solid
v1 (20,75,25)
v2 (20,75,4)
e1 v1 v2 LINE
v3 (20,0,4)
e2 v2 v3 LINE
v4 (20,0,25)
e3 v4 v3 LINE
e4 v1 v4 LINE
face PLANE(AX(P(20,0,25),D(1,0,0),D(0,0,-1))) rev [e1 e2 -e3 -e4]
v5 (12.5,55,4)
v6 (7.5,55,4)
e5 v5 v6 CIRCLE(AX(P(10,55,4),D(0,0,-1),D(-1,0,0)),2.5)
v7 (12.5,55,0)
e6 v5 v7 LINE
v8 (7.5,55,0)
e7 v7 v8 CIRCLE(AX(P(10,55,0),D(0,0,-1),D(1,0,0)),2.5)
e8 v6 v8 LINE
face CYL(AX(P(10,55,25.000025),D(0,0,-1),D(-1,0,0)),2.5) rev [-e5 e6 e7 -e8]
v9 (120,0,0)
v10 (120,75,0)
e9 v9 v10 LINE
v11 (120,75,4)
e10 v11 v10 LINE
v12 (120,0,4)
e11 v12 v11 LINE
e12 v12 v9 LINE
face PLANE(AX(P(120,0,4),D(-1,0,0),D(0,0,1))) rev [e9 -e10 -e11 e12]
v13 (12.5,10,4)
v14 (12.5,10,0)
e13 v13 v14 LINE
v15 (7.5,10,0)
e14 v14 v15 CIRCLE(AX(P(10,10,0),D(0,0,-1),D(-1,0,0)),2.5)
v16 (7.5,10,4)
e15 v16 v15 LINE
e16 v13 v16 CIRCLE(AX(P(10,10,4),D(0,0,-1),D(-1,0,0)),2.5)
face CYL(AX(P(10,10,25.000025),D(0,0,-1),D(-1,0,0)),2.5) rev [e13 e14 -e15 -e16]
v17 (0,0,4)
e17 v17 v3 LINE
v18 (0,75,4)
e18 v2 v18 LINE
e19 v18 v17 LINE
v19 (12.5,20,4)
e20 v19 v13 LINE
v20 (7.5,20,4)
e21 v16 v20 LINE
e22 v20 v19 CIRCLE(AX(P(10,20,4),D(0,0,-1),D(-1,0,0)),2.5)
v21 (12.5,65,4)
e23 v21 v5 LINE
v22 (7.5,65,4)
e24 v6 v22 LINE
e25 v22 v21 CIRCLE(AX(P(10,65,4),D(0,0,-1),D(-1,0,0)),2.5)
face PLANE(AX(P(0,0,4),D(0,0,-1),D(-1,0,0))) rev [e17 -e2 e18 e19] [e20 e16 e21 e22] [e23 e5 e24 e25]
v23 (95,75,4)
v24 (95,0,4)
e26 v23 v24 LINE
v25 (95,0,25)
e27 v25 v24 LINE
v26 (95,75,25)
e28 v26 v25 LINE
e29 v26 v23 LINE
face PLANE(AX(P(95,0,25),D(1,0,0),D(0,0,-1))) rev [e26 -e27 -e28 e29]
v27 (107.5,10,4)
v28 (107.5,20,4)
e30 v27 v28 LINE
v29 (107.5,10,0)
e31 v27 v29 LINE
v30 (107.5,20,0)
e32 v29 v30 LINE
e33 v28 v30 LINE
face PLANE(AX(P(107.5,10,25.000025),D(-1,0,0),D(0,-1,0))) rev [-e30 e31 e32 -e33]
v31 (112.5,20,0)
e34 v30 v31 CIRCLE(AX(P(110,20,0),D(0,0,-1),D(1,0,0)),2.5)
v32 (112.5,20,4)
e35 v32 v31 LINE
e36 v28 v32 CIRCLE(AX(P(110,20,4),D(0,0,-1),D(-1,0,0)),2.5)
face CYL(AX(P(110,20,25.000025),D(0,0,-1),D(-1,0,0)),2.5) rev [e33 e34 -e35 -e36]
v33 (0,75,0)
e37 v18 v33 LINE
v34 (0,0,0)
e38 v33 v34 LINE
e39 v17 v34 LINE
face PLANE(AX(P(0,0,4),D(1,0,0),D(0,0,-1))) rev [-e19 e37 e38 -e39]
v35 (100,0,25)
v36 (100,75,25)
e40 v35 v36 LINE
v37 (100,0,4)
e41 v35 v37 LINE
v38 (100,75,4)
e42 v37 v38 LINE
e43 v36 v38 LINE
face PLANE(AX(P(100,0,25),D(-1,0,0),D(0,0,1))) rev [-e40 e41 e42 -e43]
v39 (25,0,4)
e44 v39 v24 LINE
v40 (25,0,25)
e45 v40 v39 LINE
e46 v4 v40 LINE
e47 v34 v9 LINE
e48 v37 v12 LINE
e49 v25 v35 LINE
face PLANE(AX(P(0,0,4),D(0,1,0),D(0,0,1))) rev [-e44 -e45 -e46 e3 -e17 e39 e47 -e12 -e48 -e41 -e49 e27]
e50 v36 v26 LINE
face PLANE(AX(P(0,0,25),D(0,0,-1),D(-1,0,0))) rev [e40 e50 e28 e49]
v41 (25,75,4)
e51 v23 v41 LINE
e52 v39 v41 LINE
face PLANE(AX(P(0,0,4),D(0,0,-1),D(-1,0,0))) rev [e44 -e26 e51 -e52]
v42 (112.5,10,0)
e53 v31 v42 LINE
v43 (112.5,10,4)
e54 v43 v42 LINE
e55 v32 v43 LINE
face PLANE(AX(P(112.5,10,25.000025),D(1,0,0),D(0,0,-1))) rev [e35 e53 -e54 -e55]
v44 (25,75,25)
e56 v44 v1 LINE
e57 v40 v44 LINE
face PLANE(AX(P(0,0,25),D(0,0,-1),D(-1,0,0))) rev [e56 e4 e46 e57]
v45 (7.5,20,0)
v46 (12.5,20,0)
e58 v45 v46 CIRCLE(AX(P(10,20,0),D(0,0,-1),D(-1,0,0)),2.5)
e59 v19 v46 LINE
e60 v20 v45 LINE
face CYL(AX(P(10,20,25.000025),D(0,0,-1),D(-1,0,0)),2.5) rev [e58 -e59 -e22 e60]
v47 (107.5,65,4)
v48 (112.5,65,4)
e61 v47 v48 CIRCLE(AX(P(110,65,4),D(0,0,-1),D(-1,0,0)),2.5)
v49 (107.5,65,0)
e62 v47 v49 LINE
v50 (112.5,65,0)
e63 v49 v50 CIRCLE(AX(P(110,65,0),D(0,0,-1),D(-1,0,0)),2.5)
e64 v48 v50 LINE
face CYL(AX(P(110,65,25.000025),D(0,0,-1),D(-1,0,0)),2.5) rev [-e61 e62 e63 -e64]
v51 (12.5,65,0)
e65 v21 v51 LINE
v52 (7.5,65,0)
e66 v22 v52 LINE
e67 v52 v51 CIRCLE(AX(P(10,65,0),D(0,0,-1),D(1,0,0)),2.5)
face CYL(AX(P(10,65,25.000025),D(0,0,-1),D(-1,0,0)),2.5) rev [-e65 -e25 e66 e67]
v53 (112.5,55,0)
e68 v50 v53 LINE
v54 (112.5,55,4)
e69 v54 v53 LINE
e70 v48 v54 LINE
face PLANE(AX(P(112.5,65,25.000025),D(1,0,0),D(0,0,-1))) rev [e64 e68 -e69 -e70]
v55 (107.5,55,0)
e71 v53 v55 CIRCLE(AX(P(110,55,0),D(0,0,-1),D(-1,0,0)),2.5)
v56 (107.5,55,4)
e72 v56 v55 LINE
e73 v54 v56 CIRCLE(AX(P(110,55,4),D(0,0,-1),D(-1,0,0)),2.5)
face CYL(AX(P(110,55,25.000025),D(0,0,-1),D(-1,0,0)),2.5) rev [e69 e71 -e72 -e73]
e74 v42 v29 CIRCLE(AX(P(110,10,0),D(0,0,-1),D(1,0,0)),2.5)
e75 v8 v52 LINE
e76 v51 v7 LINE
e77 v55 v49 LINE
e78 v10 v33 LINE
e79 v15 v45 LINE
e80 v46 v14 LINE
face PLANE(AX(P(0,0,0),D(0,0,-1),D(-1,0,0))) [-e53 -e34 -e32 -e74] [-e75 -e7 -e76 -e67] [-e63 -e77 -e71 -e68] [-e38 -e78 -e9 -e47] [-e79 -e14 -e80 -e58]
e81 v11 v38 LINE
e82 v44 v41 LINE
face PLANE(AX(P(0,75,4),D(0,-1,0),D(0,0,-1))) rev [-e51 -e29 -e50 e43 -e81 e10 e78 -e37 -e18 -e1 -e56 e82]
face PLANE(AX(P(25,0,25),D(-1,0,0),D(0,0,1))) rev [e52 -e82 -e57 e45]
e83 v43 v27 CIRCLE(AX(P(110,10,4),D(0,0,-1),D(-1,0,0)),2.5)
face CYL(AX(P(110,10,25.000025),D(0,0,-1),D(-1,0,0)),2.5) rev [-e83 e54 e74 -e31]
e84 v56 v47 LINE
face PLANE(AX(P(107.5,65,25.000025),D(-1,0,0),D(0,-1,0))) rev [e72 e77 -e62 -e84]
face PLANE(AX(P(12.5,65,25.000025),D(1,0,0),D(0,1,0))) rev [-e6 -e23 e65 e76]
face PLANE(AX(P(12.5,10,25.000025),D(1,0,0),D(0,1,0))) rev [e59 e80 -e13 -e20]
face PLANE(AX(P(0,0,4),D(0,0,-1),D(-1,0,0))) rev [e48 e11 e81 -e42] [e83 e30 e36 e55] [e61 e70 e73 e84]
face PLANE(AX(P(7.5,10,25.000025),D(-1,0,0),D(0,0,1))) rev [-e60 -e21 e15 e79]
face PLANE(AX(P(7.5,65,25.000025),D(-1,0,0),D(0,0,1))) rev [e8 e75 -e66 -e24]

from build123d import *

# Parameters (mm, degrees)
SKETCH_1_W          = 120
SKETCH_1_H          = 75
EXTRUDE_1_DEPTH     = 4
SKETCH_2_W          = 5
SKETCH_2_H          = 75
EXTRUDE_2_DEPTH     = 21
CUT_EXTRUDE_1_DEPTH = 144.701078632


with BuildPart() as part:
    # 草图1 → 凸台-拉伸1 (new body)
    with BuildSketch(Plane.XY):
        with Locations((60, 37.5)):
            Rectangle(SKETCH_1_W, SKETCH_1_H)
    extrude(amount=EXTRUDE_1_DEPTH)

    # 草图2 → 凸台-拉伸2 (add)
    with BuildSketch(Plane.XY.offset(4)):
        with Locations((22.5, 37.5)):
            Rectangle(SKETCH_2_W, SKETCH_2_H)
        with Locations((97.5, 37.5)):
            Rectangle(SKETCH_2_W, SKETCH_2_H)
    extrude(amount=EXTRUDE_2_DEPTH)

    # 草图3 → 切除-拉伸1 (cut, through all)
    with BuildSketch(Plane(origin=(0, 0, 0), x_dir=(-1, 0, 0), z_dir=(0, 0, -1))):
        with BuildLine():
            Line((-112.5, 65), (-112.5, 55))
            ThreePointArc((-112.5, 55), (-110, 52.5), (-107.5, 55))
            Line((-107.5, 55), (-107.5, 65))
            ThreePointArc((-107.5, 65), (-110, 67.5), (-112.5, 65))
        make_face()
        with BuildLine():
            Line((-107.5, 10), (-107.5, 20))
            ThreePointArc((-107.5, 20), (-110, 22.5), (-112.5, 20))
            Line((-112.5, 20), (-112.5, 10))
            ThreePointArc((-112.5, 10), (-110, 7.5), (-107.5, 10))
        make_face()
        with BuildLine():
            Line((-7.5, 10), (-7.5, 20))
            ThreePointArc((-7.5, 20), (-10, 22.5), (-12.5, 20))
            Line((-12.5, 20), (-12.5, 10))
            ThreePointArc((-12.5, 10), (-10, 7.5), (-7.5, 10))
        make_face()
        with BuildLine():
            Line((-12.5, 65), (-12.5, 55))
            ThreePointArc((-12.5, 55), (-10, 52.5), (-7.5, 55))
            Line((-7.5, 55), (-7.5, 65))
            ThreePointArc((-7.5, 65), (-10, 67.5), (-12.5, 65))
        make_face()
    extrude(amount=-CUT_EXTRUDE_1_DEPTH, mode=Mode.SUBTRACT)


solid = part.part
